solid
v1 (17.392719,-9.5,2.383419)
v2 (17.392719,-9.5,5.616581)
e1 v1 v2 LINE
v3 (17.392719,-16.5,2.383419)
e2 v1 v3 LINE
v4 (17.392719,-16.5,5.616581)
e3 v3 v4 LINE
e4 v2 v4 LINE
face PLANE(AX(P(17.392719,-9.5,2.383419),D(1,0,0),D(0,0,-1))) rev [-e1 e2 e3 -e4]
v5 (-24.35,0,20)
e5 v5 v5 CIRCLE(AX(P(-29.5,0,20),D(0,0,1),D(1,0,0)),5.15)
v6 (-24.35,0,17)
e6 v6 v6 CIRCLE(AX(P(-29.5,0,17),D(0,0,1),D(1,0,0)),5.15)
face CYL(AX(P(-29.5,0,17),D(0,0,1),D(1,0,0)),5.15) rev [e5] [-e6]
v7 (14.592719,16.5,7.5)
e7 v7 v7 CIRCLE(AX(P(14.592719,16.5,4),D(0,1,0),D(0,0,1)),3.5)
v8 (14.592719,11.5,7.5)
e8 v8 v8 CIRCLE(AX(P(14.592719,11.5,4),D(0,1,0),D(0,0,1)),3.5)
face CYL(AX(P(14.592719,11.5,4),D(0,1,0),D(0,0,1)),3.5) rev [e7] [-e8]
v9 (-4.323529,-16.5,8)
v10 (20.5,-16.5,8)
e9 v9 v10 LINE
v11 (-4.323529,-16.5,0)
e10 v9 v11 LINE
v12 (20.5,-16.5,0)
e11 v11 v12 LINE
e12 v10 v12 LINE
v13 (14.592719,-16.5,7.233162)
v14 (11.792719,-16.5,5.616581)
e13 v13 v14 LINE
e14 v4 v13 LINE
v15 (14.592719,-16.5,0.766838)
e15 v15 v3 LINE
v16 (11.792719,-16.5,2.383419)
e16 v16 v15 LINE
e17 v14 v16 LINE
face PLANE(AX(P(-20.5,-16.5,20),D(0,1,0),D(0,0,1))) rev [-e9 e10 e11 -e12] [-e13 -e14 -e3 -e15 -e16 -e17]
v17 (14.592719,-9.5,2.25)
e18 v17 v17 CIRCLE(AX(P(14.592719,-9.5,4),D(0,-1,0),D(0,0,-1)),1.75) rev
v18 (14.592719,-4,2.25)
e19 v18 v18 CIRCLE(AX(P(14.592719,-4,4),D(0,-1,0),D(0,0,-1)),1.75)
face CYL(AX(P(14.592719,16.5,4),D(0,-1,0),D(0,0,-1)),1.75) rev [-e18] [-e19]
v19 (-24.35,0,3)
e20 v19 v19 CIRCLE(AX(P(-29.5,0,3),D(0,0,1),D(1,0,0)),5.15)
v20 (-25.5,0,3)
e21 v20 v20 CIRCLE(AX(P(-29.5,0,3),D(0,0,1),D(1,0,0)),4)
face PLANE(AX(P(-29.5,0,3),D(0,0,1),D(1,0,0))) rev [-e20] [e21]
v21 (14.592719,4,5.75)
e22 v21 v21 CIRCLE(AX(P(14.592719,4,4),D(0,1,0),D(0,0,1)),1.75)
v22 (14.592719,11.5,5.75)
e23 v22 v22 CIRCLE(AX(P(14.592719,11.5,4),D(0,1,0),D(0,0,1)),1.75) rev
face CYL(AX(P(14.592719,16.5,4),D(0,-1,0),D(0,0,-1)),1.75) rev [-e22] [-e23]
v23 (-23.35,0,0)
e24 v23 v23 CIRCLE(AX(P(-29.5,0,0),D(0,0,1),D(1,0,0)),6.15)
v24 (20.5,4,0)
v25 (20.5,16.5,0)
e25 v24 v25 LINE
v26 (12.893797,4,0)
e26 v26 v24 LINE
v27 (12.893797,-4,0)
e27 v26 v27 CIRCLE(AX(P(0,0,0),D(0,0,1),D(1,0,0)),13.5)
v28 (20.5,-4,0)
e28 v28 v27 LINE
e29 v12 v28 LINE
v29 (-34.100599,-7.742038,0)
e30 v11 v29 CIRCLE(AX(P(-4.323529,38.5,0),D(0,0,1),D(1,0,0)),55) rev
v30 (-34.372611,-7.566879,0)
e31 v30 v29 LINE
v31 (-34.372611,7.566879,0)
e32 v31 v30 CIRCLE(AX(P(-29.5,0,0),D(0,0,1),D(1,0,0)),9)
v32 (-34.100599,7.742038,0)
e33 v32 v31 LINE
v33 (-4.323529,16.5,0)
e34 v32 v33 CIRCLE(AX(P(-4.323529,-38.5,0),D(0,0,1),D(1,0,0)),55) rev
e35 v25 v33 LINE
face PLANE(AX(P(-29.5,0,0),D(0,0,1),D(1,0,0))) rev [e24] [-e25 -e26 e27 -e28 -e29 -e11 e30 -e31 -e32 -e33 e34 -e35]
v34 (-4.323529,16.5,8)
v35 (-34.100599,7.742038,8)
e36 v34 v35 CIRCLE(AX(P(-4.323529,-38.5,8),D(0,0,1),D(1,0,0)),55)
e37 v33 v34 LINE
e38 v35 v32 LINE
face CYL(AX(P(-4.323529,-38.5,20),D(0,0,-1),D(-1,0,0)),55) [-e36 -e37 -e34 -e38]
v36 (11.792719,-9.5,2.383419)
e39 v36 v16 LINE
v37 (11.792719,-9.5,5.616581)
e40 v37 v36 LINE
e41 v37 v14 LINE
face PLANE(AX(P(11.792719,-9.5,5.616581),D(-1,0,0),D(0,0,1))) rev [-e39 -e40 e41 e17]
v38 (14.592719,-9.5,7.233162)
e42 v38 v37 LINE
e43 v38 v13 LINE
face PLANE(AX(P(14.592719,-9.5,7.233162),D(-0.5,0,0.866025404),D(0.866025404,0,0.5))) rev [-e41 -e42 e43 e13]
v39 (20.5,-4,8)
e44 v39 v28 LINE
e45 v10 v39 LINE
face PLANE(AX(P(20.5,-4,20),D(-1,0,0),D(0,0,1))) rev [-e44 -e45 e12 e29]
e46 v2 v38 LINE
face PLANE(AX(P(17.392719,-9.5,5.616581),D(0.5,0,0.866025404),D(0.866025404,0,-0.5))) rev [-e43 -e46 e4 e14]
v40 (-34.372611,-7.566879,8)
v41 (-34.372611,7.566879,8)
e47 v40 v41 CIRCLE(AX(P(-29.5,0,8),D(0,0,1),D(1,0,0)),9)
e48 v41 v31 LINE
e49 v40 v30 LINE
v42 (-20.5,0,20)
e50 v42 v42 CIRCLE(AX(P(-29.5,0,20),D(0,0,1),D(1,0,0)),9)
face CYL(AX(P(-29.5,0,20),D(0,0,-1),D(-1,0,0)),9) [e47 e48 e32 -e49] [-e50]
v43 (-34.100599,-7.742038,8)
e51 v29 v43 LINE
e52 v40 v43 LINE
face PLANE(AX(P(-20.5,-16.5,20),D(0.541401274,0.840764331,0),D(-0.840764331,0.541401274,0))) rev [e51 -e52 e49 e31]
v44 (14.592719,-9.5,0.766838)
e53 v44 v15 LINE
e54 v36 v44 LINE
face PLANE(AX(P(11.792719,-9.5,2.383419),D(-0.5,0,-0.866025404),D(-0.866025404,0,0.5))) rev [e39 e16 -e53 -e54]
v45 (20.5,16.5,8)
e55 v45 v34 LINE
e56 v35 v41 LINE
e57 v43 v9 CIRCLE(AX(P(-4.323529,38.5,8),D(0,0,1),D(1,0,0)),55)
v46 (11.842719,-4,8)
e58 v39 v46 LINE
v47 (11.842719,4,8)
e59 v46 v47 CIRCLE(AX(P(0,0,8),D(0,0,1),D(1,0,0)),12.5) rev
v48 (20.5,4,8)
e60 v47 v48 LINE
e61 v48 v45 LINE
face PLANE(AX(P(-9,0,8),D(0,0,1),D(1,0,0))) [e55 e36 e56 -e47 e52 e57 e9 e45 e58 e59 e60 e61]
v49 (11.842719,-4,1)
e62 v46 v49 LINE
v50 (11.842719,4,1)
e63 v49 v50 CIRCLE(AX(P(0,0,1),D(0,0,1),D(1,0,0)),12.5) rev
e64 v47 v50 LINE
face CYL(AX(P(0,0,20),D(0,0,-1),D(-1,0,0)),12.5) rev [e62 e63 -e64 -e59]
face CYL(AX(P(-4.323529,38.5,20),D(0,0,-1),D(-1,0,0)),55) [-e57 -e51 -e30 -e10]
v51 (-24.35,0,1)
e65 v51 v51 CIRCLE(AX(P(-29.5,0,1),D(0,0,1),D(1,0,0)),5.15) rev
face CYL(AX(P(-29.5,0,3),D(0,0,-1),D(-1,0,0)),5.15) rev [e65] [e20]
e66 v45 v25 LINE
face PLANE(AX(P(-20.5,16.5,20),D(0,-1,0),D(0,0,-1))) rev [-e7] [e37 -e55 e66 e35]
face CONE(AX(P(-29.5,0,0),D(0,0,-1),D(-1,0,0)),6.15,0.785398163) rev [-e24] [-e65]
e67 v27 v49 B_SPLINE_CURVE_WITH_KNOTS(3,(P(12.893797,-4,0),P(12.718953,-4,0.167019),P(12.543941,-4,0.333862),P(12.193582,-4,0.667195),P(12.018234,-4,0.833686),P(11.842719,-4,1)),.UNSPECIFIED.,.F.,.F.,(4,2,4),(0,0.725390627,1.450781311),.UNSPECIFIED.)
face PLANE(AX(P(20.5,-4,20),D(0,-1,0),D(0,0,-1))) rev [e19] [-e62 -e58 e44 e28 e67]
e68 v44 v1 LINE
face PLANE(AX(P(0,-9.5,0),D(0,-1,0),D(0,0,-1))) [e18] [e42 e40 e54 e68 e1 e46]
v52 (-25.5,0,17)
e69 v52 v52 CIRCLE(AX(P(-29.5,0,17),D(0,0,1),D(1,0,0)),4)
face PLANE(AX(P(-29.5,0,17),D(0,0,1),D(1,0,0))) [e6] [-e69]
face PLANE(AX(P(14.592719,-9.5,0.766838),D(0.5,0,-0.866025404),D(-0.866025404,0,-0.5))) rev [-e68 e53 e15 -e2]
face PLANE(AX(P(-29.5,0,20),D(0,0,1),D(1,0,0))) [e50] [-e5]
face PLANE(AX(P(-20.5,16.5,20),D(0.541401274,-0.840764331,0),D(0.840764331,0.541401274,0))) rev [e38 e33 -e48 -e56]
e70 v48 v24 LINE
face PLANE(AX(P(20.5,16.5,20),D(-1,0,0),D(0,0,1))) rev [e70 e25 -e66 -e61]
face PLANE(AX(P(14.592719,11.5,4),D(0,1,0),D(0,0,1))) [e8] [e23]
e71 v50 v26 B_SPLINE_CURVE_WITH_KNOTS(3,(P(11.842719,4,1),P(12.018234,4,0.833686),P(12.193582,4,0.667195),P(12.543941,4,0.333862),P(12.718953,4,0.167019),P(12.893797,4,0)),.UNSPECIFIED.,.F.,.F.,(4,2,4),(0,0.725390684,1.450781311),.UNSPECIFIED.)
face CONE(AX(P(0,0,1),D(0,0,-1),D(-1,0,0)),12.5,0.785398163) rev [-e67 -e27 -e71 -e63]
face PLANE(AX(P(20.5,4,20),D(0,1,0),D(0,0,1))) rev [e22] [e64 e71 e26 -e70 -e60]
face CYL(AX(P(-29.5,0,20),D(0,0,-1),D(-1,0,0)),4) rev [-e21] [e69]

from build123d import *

# Parameters (mm, degrees)
ESBO_O1_R                = 4
RESSALTO_EXTRUS_O1_DEPTH = 20
ESBO_O2_OUTSIDE_W        = 75.1
ESBO_O2_OUTSIDE_H        = 49.1
ESBO_O2_OUTSIDE_R        = 9
CORTE_EXTRUS_O1_DEPTH    = 12
FILETE1_R                = 55
ESBO_O3_R                = 5.15
CORTE_EXTRUS_O2_DEPTH    = 3
CORTE_EXTRUS_O3_START    = -20
ESBO_O3_2_R              = 5.15
CORTE_EXTRUS_O3_DEPTH    = 3
ESBO_O4_R                = 1.75
CORTE_EXTRUS_O4_DEPTH    = 34
CORTE_EXTRUS_O5_DEPTH    = 7
ESBO_O6_R                = 3.5
CORTE_EXTRUS_O6_DEPTH    = 5
CHANFRO1_SIZE            = 1


with BuildPart() as part:
    # Esboço1 → Ressalto-extrusão1 (new body)
    with BuildSketch(Plane.XY):
        with BuildLine():
            Line((-20.5, 16.5), (-34.372611465, 7.566878981))
            ThreePointArc((-34.372611465, 7.566878981), (-38.5, 0), (-34.372611465, -7.566878981))
            Line((-34.372611465, -7.566878981), (-20.5, -16.5))
            Line((-20.5, -16.5), (20.5, -16.5))
            Line((20.5, -16.5), (20.5, -4))
            Line((20.5, -4), (11.842719282, -4))
            ThreePointArc((11.842719282, -4), (-12.5, 0), (11.842719282, 4))
            Line((11.842719282, 4), (20.5, 4))
            Line((20.5, 4), (20.5, 16.5))
            Line((20.5, 16.5), (-20.5, 16.5))
        make_face()
        with Locations((-29.5, 0)):
            Circle(ESBO_O1_R, mode=Mode.SUBTRACT)
    extrude(amount=RESSALTO_EXTRUS_O1_DEPTH)

    # Esboço2 outside → Corte-extrusão1 (cut)
    with BuildSketch(Plane.XY.offset(20)):
        with Locations((-9, 0)):
            Rectangle(ESBO_O2_OUTSIDE_W, ESBO_O2_OUTSIDE_H)
        with Locations((-29.5, 0)):
            Circle(ESBO_O2_OUTSIDE_R, mode=Mode.SUBTRACT)
    extrude(amount=-CORTE_EXTRUS_O1_DEPTH, mode=Mode.SUBTRACT)

    # Filete1
    filete1_edges = [part.edges().sort_by_distance(p)[0] for p in [
        (-20.5, -16.5, 4),
        (-20.5, 16.5, 4),
    ]]
    fillet(filete1_edges, radius=FILETE1_R)

    # Esboço3 → Corte-extrusão2 (cut)
    with BuildSketch(Plane.XY.offset(20)):
        with Locations((-29.5, 0)):
            Circle(ESBO_O3_R)
    extrude(amount=-CORTE_EXTRUS_O2_DEPTH, mode=Mode.SUBTRACT)

    # Esboço3<2> → Corte-extrusão3 (cut)
    with BuildSketch(Plane.XY.offset(20).offset(CORTE_EXTRUS_O3_START)):
        with Locations((-29.5, 0)):
            Circle(ESBO_O3_2_R)
    extrude(amount=CORTE_EXTRUS_O3_DEPTH, mode=Mode.SUBTRACT)

    # Esboço4 → Corte-extrusão4 (cut, through all)
    with BuildSketch(Plane.XZ.offset(16.5)):
        with Locations((14.592719282, 4)):
            Circle(ESBO_O4_R)
    extrude(amount=-CORTE_EXTRUS_O4_DEPTH, mode=Mode.SUBTRACT)

    # Esboço5 → Corte-extrusão5 (cut)
    with BuildSketch(Plane.XZ.offset(16.5)):
        Polygon((14.592719282, 7.233161507), (11.792719282, 5.616580754), (11.792719282, 2.383419246), (14.592719282, 0.766838493), (17.392719282, 2.383419246), (17.392719282, 5.616580754), align=None)
    extrude(amount=-CORTE_EXTRUS_O5_DEPTH, mode=Mode.SUBTRACT)

    # Esboço6 → Corte-extrusão6 (cut)
    with BuildSketch(Plane(origin=(0, 16.5, 0), x_dir=(1, 0, 0), z_dir=(0, 1, 0))):
        with Locations((14.592719282, -4)):
            Circle(ESBO_O6_R)
    extrude(amount=-CORTE_EXTRUS_O6_DEPTH, mode=Mode.SUBTRACT)

    # Chanfro1
    chanfro1_edges = [part.edges().sort_by_distance(p)[0] for p in [
        (-12.5, 0, 0),
        (-34.65, 0, 0),
    ]]
    chamfer(chanfro1_edges, length=CHANFRO1_SIZE)


solid = part.part
